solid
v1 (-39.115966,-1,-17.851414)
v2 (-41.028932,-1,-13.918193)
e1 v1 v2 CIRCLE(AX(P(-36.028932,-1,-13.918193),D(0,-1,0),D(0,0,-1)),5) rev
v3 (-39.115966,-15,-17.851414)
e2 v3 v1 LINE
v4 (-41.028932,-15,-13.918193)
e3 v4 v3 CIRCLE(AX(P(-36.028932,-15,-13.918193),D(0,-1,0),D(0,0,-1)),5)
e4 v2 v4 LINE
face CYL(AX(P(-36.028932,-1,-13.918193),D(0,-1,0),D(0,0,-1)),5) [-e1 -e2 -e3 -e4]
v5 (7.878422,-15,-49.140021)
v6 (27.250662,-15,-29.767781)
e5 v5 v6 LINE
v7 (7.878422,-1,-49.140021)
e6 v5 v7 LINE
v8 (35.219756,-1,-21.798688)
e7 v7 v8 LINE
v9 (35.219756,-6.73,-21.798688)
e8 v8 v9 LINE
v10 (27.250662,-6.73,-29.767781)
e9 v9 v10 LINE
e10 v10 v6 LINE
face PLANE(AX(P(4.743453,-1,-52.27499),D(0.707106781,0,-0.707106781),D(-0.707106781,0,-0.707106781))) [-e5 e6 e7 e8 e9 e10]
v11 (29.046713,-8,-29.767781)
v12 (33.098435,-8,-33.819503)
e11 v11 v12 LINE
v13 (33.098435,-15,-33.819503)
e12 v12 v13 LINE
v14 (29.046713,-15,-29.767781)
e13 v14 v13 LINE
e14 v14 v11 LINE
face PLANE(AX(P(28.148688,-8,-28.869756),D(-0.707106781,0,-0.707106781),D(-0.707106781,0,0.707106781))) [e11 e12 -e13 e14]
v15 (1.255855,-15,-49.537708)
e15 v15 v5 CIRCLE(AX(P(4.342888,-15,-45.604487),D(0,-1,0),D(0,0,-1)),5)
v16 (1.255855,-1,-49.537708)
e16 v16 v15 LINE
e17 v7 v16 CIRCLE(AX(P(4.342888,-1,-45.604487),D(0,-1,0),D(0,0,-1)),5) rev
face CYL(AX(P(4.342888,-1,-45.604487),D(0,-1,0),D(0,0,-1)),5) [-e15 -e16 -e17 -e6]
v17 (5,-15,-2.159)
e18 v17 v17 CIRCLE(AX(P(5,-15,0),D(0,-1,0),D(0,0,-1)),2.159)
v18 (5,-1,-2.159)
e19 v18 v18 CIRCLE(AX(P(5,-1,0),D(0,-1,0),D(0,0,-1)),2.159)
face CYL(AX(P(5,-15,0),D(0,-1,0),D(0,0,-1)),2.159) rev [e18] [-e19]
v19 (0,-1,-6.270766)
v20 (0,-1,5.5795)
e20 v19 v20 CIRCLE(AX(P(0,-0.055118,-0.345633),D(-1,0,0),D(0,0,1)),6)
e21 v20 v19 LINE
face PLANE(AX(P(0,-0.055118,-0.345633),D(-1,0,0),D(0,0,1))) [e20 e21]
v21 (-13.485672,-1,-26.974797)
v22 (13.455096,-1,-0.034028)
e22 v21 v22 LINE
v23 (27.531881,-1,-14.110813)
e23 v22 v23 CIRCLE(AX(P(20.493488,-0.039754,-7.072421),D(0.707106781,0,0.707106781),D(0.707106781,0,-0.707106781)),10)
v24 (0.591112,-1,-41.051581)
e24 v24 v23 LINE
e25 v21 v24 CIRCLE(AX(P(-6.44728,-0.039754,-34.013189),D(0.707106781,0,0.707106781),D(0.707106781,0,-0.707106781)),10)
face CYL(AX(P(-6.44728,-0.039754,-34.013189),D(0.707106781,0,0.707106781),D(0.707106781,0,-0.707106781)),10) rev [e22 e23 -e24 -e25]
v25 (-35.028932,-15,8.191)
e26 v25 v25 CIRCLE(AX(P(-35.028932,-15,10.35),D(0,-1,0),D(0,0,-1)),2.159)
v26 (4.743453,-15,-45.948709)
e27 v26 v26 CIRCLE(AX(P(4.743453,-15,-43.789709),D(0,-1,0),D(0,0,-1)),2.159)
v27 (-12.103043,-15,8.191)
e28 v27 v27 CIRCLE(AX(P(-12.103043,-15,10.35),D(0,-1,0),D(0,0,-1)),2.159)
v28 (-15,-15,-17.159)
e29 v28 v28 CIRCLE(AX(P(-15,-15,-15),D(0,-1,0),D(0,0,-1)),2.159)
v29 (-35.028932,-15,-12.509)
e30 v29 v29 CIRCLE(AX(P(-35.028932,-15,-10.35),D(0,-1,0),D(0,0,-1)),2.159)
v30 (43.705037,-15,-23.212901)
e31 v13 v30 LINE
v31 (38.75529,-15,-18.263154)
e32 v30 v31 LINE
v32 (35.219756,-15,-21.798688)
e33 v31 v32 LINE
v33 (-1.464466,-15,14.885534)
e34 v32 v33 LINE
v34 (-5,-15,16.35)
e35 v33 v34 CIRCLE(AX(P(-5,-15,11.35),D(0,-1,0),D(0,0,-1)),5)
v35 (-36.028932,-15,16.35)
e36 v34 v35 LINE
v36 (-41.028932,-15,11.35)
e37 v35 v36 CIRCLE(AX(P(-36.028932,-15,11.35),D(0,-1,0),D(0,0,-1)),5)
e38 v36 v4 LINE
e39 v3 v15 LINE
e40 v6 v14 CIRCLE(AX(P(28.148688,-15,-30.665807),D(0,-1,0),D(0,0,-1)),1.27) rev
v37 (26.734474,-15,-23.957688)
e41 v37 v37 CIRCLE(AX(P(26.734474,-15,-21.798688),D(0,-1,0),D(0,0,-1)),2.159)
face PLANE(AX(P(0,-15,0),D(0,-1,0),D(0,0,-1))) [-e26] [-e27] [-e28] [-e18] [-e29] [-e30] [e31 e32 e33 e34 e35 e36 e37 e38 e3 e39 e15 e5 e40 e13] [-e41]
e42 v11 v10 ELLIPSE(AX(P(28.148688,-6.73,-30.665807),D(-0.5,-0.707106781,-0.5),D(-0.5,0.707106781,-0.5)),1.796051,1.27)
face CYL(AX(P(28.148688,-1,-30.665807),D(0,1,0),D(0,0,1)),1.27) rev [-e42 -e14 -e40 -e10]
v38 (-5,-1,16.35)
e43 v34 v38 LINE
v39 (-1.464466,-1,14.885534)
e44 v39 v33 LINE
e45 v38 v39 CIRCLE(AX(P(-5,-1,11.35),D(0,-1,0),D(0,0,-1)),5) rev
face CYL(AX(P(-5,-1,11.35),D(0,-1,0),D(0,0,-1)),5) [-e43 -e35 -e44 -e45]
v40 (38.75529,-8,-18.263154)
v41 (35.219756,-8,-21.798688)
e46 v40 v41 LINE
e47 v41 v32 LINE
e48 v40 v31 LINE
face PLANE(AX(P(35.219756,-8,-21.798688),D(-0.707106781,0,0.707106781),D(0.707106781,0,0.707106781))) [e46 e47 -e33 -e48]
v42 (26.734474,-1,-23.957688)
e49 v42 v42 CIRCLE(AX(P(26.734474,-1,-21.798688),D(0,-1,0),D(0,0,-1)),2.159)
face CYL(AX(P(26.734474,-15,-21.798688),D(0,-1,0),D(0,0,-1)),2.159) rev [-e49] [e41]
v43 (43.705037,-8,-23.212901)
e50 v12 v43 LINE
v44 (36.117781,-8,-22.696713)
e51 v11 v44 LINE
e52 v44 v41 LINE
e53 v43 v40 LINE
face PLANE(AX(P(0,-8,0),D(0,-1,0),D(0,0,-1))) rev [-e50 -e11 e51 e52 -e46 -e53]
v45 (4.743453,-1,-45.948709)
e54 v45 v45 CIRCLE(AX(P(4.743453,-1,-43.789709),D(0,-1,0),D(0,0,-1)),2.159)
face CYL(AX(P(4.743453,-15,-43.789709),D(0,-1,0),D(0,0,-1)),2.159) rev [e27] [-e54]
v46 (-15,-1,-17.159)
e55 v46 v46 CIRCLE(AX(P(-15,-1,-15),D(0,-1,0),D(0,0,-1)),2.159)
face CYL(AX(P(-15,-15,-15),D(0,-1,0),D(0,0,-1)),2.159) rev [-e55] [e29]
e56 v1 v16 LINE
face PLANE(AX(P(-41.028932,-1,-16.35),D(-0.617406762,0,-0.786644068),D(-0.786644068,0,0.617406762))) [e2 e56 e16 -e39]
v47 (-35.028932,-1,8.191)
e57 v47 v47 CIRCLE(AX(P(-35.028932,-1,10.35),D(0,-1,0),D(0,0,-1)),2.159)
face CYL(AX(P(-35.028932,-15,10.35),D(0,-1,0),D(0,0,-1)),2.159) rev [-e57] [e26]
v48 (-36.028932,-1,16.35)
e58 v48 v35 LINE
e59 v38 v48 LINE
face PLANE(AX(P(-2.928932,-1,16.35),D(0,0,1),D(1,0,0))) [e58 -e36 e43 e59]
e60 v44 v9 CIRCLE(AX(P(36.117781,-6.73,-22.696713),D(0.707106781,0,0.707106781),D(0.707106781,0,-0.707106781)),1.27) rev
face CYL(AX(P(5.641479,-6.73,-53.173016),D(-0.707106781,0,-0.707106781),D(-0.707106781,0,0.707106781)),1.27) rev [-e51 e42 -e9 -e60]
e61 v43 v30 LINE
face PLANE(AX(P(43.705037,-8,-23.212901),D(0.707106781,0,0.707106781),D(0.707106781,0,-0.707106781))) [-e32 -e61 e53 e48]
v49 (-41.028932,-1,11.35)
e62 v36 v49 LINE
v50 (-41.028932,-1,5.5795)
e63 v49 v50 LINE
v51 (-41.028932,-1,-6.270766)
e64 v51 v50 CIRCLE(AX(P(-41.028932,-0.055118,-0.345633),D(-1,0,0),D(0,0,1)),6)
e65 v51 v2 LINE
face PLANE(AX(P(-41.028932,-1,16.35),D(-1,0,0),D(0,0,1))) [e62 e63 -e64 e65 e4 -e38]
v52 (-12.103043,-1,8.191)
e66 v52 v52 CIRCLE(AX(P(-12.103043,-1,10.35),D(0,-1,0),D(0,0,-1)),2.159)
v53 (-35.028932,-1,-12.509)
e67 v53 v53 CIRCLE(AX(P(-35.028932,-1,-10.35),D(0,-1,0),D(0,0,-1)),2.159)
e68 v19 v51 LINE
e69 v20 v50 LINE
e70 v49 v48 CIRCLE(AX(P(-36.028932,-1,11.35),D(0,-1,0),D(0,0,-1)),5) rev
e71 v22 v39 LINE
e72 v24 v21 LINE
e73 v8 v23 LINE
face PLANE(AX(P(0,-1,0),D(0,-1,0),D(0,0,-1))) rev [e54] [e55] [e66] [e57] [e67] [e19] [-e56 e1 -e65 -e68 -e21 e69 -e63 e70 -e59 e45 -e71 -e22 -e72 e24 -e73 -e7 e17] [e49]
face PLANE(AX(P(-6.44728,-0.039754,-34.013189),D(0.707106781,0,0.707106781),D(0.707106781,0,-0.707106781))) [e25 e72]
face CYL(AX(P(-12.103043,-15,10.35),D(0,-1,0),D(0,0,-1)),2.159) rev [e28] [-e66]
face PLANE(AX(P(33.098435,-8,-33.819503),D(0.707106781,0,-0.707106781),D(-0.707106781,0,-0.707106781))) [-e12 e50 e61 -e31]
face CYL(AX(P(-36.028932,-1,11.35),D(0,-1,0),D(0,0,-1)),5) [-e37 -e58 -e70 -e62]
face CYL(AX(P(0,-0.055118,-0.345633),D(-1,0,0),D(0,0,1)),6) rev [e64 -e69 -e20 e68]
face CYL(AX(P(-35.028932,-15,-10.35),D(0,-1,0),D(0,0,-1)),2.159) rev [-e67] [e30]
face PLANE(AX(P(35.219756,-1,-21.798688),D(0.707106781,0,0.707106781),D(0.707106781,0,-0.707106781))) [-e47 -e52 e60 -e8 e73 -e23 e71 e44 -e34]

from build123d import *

# Parameters (mm, degrees)
EXTRUDE_1_DEPTH        = 14
EXTRUDE_2_DEPTH        = 7
CUT_EXTRUDE_1_DEPTH    = 41.028932
CUT_EXTRUDE_2_DEPTH    = 38.1
HOLE_WIZARD_M4_1_D     = 4.318
HOLE_WIZARD_M4_1_DEPTH = 14
FILLET_1_R             = 5
FILLET_3_R             = 1.27
FILLET_4_R             = 1.27


with BuildPart() as part:
    # 草图1 → 凸台-拉伸1 (new body)
    with BuildSketch(Plane.XZ.offset(15)):
        Polygon((4.743453, -52.27499), (35.219756, -21.798688), (-2.928932, 16.35), (-41.028932, 16.35), (-41.028932, -16.35), align=None)
    extrude(amount=-EXTRUDE_1_DEPTH)

    # 草图2 → 凸台-拉伸2 (add)
    with BuildSketch(Plane.XZ.offset(15)):
        Polygon((43.705037, -23.212901), (38.75529, -18.263154), (35.219756, -21.798688), (28.148688, -28.869756), (33.098435, -33.819503), align=None)
    extrude(amount=-EXTRUDE_2_DEPTH)

    # 草图3 → 切除-拉伸1 (cut)
    with BuildSketch(Plane.ZY.offset(41.028932)):
        with BuildLine():
            Line((5.5795, -1), (-6.270766, -1))
            ThreePointArc((-6.270766, -1), (-0.345633, -6.055118), (5.5795, -1))
        make_face()
    extrude(amount=-CUT_EXTRUDE_1_DEPTH, mode=Mode.SUBTRACT)

    # 草图4 → 切除-拉伸2 (cut)
    with BuildSketch(Plane(origin=(6.710534, 0, 6.710534), x_dir=(0.707107, 0, -0.707107), z_dir=(0.707107, 0, 0.707107))):
        with BuildLine():
            Line((29.445831, -1), (9.538252, -1))
            ThreePointArc((9.538252, -1), (19.492041, -10.039754), (29.445831, -1))
        make_face()
    extrude(amount=-CUT_EXTRUDE_2_DEPTH, mode=Mode.SUBTRACT)

    # M4 间隙孔1
    with Locations(Plane(origin=(0, -15, 0), x_dir=(-1, 0, 0), z_dir=(0, -1, 0))):
        with Locations((35.028932, -10.35), (-5, 0), (15, 15), (12.103043, -10.35), (35.028932, 10.35), (-4.743453, 43.789709), (-26.734474, 21.798688)):
            Hole(HOLE_WIZARD_M4_1_D / 2, depth=HOLE_WIZARD_M4_1_DEPTH)

    # 圆角1
    fillet_1_edges = [part.edges().sort_by_distance(p)[0] for p in [
        (-41.028932, -8, -16.35),
        (-41.028932, -8, 16.35),
        (-2.928932, -8, 16.35),
        (4.743453, -8, -52.27499),
    ]]
    fillet(fillet_1_edges, radius=FILLET_1_R)

    # 圆角3
    fillet_3_edges = [part.edges().sort_by_distance(p)[0] for p in [
        (31.684222, -8, -25.334222),
    ]]
    fillet(fillet_3_edges, radius=FILLET_3_R)

    # 圆角4
    fillet_4_edges = [part.edges().sort_by_distance(p)[0] for p in [
        (28.148688, -11.5, -28.869756),
    ]]
    fillet(fillet_4_edges, radius=FILLET_4_R)


solid = part.part
